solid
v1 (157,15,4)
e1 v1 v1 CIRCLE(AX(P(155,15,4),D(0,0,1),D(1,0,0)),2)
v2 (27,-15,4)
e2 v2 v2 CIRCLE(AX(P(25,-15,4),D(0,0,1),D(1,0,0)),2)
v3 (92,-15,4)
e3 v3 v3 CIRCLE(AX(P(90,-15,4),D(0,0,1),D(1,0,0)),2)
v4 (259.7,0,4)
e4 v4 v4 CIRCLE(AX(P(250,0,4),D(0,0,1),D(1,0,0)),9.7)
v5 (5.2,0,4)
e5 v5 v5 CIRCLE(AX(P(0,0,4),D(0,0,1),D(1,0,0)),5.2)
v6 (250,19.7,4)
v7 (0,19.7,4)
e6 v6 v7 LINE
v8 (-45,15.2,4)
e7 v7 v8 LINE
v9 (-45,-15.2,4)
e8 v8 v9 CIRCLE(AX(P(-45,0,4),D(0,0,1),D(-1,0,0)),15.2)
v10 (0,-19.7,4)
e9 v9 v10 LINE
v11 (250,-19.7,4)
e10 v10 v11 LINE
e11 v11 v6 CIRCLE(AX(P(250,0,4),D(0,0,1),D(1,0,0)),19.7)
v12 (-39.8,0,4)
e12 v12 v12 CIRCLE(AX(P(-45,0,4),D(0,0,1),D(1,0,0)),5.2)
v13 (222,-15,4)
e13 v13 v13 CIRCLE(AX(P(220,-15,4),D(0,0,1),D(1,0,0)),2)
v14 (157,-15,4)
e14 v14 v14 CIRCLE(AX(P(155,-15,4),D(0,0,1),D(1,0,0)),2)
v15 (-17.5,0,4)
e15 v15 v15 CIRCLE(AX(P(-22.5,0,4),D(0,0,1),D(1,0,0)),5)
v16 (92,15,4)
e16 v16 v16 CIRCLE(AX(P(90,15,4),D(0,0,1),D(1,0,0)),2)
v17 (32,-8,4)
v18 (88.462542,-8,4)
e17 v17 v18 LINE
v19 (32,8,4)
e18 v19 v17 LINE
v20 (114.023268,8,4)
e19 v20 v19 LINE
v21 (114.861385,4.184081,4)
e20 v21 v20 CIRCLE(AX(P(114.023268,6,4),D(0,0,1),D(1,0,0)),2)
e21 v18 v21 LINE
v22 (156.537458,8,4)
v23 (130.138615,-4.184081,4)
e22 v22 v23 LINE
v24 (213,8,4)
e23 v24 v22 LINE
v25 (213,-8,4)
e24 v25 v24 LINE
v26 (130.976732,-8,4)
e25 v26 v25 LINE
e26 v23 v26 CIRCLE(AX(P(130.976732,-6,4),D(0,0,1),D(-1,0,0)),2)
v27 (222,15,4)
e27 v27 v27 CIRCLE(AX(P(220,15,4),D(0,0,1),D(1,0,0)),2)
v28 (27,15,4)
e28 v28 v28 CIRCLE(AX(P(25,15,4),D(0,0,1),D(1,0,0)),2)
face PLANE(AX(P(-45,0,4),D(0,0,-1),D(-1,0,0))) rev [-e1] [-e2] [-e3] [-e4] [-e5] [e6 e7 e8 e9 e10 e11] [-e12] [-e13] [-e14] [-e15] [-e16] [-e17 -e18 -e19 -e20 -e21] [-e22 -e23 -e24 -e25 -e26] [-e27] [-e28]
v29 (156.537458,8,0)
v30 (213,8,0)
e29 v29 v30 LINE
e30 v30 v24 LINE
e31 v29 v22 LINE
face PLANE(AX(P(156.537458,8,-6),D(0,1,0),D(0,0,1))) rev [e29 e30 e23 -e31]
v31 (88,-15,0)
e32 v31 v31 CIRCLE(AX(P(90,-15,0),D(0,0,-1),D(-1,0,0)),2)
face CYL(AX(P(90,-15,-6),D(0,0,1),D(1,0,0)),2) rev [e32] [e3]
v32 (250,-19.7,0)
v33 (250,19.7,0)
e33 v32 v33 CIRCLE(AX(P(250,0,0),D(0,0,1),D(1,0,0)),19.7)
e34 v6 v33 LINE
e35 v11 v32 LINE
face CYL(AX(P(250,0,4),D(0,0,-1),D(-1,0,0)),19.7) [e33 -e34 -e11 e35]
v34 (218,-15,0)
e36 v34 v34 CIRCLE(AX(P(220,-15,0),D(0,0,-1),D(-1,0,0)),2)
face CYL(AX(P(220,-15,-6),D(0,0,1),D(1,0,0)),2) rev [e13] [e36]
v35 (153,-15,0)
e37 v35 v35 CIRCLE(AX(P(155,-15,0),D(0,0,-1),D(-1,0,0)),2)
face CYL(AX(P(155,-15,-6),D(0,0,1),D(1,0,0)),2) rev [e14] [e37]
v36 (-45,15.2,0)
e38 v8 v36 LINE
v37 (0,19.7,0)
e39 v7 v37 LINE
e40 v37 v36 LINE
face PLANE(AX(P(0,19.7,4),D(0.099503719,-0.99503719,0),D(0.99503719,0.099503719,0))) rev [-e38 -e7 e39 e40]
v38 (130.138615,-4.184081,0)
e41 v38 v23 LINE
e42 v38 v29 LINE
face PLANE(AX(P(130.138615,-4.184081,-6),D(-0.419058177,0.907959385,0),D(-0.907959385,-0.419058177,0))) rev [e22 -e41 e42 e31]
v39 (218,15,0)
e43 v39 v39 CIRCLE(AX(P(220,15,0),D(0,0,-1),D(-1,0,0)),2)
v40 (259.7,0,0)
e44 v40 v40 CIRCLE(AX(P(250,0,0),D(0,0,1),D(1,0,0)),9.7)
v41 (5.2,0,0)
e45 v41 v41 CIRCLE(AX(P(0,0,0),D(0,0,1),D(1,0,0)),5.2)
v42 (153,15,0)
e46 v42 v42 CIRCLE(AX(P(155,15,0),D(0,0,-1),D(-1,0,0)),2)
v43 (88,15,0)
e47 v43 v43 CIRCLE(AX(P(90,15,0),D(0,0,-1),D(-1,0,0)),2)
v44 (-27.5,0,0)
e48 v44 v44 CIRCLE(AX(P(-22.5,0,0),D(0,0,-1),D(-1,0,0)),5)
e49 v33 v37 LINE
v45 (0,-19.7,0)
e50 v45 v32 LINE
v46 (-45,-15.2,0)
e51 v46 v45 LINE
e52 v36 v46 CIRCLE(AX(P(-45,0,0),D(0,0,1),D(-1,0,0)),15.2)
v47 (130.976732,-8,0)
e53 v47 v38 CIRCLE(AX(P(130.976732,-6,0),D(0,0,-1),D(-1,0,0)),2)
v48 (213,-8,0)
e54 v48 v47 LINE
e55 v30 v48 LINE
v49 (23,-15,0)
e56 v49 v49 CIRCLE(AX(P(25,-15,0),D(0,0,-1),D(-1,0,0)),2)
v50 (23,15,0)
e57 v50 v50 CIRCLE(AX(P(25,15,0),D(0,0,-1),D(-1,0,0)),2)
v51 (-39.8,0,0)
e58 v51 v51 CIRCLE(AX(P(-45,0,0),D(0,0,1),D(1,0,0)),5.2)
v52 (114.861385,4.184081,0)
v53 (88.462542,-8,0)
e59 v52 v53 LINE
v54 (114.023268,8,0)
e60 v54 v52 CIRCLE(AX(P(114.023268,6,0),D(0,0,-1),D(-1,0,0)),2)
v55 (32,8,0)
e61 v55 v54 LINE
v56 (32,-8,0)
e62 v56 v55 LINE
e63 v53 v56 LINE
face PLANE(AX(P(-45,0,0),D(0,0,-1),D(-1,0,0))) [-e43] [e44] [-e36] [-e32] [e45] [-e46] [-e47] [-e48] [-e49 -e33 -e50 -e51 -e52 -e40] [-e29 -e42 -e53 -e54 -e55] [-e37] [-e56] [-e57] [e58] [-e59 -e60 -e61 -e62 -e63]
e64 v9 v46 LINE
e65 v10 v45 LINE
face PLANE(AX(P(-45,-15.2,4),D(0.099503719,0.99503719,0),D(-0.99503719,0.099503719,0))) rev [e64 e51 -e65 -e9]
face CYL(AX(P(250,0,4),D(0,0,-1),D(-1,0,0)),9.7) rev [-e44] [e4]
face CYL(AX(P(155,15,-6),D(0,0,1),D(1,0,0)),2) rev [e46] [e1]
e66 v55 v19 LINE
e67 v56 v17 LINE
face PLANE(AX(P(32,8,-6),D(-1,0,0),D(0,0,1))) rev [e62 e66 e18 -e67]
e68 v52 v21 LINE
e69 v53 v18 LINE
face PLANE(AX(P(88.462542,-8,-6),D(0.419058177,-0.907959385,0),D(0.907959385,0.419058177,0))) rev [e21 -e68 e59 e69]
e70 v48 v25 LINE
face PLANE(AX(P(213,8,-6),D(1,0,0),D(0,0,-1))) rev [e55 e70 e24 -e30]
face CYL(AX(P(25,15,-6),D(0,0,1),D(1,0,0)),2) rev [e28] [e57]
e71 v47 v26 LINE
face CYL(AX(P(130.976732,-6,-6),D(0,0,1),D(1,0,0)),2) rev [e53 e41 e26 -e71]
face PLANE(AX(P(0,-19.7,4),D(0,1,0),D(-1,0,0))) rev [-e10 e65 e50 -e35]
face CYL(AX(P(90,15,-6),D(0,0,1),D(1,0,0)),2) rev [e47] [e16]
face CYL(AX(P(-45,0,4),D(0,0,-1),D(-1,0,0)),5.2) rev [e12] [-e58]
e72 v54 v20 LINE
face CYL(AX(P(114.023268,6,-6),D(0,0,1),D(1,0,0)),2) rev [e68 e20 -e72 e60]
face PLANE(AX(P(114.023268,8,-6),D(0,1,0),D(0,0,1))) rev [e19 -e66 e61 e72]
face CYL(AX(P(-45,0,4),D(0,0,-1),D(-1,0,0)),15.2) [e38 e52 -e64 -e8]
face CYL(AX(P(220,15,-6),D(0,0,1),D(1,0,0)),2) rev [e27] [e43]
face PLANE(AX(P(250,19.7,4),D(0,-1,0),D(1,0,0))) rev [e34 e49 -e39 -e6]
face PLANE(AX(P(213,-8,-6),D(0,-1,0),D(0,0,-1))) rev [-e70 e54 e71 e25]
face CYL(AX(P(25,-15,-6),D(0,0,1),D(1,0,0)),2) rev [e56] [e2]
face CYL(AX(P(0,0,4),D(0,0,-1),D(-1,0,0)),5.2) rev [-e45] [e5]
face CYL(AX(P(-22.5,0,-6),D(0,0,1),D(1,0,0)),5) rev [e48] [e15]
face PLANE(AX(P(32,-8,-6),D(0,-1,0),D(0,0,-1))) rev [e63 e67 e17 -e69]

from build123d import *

# Parameters (mm, degrees)
SKETCH_1_R          = 5.2
SKETCH_1_R_2        = 9.7
EXTRUDE_1_DEPTH     = 4
SKETCH_2_R          = 2
CUT_EXTRUDE_1_DEPTH = 10
SKETCH_3_R          = 5
CUT_EXTRUDE_2_DEPTH = 10


with BuildPart() as part:
    # 草图1 → 凸台-拉伸1 (new body)
    with BuildSketch(Plane.XY):
        with BuildLine():
            Line((250, 19.7), (0, 19.7))
            Line((0, 19.7), (-45, 15.2))
            ThreePointArc((-45, 15.2), (-60.2, 0), (-45, -15.2))
            Line((-45, -15.2), (0, -19.7))
            Line((0, -19.7), (250, -19.7))
            ThreePointArc((250, -19.7), (269.7, 0), (250, 19.7))
        make_face()
        Circle(SKETCH_1_R, mode=Mode.SUBTRACT)
        with Locations((250, 0)):
            Circle(SKETCH_1_R_2, mode=Mode.SUBTRACT)
        with Locations((-45, 0)):
            Circle(SKETCH_1_R, mode=Mode.SUBTRACT)
    extrude(amount=EXTRUDE_1_DEPTH)

    # 草图2 → 切除-拉伸1 (cut)
    with BuildSketch(Plane.XY.offset(4)):
        with Locations((25, 15)):
            Circle(SKETCH_2_R)
        with Locations((90, 15)):
            Circle(SKETCH_2_R)
        with Locations((155, 15)):
            Circle(SKETCH_2_R)
        with Locations((220, 15)):
            Circle(SKETCH_2_R)
        with Locations((90, -15)):
            Circle(SKETCH_2_R)
        with Locations((155, -15)):
            Circle(SKETCH_2_R)
        with Locations((220, -15)):
            Circle(SKETCH_2_R)
        with Locations((25, -15)):
            Circle(SKETCH_2_R)
    extrude(amount=-CUT_EXTRUDE_1_DEPTH, mode=Mode.SUBTRACT)

    # 草图3 → 切除-拉伸2 (cut)
    with BuildSketch(Plane.XY.offset(4)):
        with Locations((-22.5, 0)):
            Circle(SKETCH_3_R)
        with BuildLine():
            Line((32, 8), (32, -8))
            Line((32, -8), (88.462542093, -8))
            Line((88.462542093, -8), (114.86138476, 4.184081231))
            ThreePointArc((114.86138476, 4.184081231), (115.976706085, 6.429046887), (114.023268405, 8))
            Line((114.023268405, 8), (32, 8))
        make_face()
        with BuildLine():
            Line((156.537457907, 8), (213, 8))
            Line((213, 8), (213, -8))
            Line((213, -8), (130.976731595, -8))
            ThreePointArc((130.976731595, -8), (129.023293915, -6.429046887), (130.13861524, -4.184081231))
            Line((130.13861524, -4.184081231), (156.537457907, 8))
        make_face()
    extrude(amount=-CUT_EXTRUDE_2_DEPTH, mode=Mode.SUBTRACT)


solid = part.part
